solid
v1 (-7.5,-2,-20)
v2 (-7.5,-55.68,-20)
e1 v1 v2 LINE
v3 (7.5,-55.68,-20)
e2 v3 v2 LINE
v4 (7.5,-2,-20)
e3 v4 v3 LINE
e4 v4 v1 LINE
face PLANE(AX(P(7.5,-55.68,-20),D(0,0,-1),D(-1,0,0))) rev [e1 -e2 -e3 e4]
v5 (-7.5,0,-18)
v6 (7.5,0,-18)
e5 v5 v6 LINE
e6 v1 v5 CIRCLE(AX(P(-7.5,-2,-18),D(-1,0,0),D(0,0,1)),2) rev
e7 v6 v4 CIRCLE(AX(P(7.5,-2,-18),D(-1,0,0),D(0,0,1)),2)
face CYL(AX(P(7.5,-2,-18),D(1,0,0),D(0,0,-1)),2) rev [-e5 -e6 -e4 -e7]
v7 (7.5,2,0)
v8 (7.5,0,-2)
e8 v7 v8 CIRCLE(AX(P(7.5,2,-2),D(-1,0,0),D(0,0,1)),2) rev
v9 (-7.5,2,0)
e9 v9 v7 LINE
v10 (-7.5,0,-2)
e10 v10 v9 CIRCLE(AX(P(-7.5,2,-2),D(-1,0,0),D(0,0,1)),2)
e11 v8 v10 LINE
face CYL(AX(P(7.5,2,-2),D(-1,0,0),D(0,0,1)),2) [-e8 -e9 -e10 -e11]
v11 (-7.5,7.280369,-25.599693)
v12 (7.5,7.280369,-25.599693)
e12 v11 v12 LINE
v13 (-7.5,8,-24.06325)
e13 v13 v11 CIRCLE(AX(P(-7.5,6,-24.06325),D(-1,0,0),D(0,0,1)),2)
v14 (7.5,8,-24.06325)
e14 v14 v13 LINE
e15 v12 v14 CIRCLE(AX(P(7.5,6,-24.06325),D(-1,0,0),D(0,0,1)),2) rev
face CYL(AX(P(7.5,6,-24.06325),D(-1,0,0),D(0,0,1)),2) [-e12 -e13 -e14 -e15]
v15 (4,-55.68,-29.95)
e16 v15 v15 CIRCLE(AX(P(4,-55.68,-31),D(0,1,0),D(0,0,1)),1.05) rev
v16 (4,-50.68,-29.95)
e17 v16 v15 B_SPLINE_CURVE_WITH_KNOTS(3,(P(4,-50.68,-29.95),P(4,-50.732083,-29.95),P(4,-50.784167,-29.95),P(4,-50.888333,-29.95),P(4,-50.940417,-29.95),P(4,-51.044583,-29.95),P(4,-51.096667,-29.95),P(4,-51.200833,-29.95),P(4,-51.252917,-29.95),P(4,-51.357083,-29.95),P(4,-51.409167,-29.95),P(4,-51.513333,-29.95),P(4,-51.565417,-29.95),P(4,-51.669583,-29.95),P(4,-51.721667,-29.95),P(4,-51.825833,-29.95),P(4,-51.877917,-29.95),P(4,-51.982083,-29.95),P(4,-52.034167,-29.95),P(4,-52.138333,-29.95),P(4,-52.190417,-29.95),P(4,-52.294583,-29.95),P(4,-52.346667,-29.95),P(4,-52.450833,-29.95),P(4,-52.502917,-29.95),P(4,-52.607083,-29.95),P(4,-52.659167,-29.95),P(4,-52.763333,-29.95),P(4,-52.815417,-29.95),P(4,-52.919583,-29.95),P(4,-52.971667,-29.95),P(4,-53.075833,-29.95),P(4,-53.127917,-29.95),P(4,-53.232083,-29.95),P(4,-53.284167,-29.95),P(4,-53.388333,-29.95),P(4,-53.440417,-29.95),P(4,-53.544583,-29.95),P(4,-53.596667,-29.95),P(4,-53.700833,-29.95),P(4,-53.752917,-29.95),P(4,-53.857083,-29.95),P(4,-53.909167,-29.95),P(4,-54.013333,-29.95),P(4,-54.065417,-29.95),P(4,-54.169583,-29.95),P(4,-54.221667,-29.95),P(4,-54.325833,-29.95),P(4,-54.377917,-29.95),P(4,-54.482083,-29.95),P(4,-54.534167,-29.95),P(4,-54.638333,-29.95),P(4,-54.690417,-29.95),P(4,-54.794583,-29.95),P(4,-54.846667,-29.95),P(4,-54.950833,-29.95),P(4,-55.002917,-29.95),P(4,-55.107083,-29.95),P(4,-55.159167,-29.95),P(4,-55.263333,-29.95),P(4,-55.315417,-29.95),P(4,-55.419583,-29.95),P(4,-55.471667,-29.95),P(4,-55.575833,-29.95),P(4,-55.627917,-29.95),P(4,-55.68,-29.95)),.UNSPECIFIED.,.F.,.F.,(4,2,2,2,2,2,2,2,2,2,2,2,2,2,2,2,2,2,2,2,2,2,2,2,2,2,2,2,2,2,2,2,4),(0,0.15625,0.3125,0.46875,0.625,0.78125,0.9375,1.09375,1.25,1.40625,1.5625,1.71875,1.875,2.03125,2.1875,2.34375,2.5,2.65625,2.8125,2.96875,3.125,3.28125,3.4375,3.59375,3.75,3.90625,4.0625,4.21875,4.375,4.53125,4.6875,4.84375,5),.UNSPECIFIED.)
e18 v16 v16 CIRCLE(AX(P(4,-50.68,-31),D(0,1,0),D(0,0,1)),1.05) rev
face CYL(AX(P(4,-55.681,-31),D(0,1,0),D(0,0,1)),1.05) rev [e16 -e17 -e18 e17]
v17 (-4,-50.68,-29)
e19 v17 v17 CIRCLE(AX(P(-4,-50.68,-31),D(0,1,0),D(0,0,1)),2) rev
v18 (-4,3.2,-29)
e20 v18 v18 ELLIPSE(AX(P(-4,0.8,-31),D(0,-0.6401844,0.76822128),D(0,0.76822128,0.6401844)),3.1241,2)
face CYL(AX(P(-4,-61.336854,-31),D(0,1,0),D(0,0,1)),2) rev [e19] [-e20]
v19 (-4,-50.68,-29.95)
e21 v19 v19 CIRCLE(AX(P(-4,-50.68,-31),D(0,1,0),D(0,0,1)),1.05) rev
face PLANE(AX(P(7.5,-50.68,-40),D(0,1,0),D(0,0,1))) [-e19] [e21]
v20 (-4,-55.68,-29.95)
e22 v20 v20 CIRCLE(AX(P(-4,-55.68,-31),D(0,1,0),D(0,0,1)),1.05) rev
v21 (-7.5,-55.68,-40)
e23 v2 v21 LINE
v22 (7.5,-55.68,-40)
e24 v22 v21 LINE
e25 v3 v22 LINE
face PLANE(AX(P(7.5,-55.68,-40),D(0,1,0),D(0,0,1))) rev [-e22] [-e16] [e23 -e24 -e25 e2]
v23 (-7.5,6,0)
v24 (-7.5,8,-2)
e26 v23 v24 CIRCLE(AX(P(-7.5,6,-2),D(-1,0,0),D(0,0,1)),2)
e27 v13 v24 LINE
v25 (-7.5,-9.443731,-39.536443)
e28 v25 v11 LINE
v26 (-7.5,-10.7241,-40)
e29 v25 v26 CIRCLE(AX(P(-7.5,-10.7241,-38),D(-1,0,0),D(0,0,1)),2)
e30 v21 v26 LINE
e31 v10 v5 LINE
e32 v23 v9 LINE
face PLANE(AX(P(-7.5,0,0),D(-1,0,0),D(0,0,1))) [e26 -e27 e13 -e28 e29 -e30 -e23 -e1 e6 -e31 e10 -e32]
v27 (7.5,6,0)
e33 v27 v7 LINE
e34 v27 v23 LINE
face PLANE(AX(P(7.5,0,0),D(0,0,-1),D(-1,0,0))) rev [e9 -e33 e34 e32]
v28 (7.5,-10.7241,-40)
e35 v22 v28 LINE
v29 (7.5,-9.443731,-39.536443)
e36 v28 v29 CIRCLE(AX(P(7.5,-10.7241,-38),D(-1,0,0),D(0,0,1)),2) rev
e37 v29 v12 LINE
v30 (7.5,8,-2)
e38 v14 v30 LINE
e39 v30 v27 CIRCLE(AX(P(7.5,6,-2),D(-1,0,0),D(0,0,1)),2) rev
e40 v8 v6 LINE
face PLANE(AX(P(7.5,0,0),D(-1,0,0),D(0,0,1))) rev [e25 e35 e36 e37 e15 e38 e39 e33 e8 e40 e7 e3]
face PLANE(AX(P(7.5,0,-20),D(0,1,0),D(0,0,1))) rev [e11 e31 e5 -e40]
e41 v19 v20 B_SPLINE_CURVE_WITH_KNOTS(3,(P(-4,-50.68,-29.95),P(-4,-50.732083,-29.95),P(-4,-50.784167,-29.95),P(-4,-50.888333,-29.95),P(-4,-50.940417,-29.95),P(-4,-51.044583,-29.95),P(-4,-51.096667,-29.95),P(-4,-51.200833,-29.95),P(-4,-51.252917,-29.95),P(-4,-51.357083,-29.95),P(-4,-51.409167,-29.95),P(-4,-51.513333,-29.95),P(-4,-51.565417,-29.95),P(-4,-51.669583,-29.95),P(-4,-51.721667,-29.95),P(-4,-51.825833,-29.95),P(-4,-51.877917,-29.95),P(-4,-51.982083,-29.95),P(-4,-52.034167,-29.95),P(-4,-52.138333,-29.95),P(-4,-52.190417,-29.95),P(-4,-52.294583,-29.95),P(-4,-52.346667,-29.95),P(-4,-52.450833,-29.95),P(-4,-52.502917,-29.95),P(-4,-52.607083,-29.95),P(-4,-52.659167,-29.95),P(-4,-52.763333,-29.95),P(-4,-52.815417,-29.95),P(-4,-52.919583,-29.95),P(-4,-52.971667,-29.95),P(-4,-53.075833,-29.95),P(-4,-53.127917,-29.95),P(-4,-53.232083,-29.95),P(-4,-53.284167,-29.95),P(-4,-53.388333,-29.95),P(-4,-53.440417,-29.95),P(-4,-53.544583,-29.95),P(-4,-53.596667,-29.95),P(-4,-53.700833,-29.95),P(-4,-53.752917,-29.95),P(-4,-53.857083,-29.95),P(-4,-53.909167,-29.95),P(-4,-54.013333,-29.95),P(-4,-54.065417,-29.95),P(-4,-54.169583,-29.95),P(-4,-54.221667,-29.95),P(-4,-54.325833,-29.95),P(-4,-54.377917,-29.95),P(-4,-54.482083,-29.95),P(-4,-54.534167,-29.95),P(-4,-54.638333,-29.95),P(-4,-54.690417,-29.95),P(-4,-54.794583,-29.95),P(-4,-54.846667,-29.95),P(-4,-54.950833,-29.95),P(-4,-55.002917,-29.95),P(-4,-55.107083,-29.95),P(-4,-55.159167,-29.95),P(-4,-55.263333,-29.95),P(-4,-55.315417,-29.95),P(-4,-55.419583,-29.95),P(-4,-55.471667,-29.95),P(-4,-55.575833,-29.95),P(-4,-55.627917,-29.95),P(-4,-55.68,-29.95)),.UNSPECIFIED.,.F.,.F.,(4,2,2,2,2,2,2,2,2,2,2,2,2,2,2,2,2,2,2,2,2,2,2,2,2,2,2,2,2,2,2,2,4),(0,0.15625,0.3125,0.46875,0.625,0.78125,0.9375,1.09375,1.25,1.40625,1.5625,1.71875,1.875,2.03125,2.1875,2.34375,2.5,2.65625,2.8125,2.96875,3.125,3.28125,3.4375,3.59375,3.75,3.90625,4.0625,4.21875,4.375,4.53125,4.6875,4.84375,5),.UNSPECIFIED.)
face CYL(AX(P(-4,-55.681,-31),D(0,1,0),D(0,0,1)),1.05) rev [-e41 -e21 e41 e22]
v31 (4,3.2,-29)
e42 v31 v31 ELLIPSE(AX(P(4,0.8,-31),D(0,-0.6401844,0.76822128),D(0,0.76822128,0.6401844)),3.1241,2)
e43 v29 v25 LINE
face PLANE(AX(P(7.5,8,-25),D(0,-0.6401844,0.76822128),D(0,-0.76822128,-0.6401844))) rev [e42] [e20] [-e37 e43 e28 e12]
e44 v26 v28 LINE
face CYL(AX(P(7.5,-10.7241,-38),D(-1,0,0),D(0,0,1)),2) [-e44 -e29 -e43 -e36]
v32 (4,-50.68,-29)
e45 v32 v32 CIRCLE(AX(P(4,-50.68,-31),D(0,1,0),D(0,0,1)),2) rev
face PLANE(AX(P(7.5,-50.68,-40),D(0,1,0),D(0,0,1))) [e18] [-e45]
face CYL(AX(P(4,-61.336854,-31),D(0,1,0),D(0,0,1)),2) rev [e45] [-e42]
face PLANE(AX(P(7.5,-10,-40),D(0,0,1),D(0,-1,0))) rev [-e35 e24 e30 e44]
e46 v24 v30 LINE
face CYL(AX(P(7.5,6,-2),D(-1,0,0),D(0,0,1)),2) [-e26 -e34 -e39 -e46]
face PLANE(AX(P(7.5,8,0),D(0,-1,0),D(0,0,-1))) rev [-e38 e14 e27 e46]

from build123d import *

# Parameters (mm, degrees)
BOSS_EXTRUDE1_DEPTH = 7.5
SKETCH2_R           = 2
CUT_EXTRUDE1_DEPTH  = 58.68
CUT_EXTRUDE2_REACH  = 77.574
SKETCH3_R           = 1.05
FILLET1_R           = 2


with BuildPart() as part:
    # Sketch1 → Boss-Extrude1 (new, symmetric)
    with BuildSketch(Plane(origin=(0, 0, 0), x_dir=(0, 0, -1), z_dir=(1, 0, 0))):
        Polygon((0, 0), (0, 8), (25, 8), (40, -10), (40, -55.68), (20, -55.68), (20, 0), align=None)
    extrude(amount=BOSS_EXTRUDE1_DEPTH, both=True)

    # Sketch2 → Cut-Extrude1 (cut)
    with BuildSketch(Plane(origin=(0, 8, 0), x_dir=(1, 0, 0), z_dir=(0, 1, 0))):
        with Locations(Location((-4, 31, 0), (0, 0, 270))):
            Circle(SKETCH2_R)
        with Locations(Location((4, 31, 0), (0, 0, 270))):
            Circle(SKETCH2_R)
    extrude(amount=-CUT_EXTRUDE1_DEPTH, mode=Mode.SUBTRACT)

    # Sketch3 → Cut-Extrude2 (cut, up to next)
    with BuildSketch(Plane(origin=(0, 8, 0), x_dir=(1, 0, 0), z_dir=(0, 1, 0)), mode=Mode.PRIVATE) as cut_extrude2_sk1:
        with Locations(Location((-4, 31, 0), (0, 0, 270))):
            Circle(SKETCH3_R)
    cut_extrude2_tool1 = extrude(cut_extrude2_sk1.sketch, amount=-CUT_EXTRUDE2_REACH, mode=Mode.PRIVATE) & part.part
    # Sketch3 → Cut-Extrude2 (cut, up to next)
    with BuildSketch(Plane(origin=(0, 8, 0), x_dir=(1, 0, 0), z_dir=(0, 1, 0)), mode=Mode.PRIVATE) as cut_extrude2_sk2:
        with Locations(Location((4, 31, 0), (0, 0, 270))):
            Circle(SKETCH3_R)
    cut_extrude2_tool2 = extrude(cut_extrude2_sk2.sketch, amount=-CUT_EXTRUDE2_REACH, mode=Mode.PRIVATE) & part.part
    add(cut_extrude2_tool1.solids().sort_by_distance((-4, 8, -31))[0], mode=Mode.SUBTRACT)
    add(cut_extrude2_tool2.solids().sort_by_distance((4, 8, -31))[0], mode=Mode.SUBTRACT)

    # Fillet1
    fillet1_edges = [part.edges().sort_by_distance(p)[0] for p in [
        (0, 0, 0),
        (0, 8, 0),
        (0, 8, -25),
        (0, -10, -40),
        (0, 0, -20),
    ]]
    fillet(fillet1_edges, radius=FILLET1_R)


solid = part.part
